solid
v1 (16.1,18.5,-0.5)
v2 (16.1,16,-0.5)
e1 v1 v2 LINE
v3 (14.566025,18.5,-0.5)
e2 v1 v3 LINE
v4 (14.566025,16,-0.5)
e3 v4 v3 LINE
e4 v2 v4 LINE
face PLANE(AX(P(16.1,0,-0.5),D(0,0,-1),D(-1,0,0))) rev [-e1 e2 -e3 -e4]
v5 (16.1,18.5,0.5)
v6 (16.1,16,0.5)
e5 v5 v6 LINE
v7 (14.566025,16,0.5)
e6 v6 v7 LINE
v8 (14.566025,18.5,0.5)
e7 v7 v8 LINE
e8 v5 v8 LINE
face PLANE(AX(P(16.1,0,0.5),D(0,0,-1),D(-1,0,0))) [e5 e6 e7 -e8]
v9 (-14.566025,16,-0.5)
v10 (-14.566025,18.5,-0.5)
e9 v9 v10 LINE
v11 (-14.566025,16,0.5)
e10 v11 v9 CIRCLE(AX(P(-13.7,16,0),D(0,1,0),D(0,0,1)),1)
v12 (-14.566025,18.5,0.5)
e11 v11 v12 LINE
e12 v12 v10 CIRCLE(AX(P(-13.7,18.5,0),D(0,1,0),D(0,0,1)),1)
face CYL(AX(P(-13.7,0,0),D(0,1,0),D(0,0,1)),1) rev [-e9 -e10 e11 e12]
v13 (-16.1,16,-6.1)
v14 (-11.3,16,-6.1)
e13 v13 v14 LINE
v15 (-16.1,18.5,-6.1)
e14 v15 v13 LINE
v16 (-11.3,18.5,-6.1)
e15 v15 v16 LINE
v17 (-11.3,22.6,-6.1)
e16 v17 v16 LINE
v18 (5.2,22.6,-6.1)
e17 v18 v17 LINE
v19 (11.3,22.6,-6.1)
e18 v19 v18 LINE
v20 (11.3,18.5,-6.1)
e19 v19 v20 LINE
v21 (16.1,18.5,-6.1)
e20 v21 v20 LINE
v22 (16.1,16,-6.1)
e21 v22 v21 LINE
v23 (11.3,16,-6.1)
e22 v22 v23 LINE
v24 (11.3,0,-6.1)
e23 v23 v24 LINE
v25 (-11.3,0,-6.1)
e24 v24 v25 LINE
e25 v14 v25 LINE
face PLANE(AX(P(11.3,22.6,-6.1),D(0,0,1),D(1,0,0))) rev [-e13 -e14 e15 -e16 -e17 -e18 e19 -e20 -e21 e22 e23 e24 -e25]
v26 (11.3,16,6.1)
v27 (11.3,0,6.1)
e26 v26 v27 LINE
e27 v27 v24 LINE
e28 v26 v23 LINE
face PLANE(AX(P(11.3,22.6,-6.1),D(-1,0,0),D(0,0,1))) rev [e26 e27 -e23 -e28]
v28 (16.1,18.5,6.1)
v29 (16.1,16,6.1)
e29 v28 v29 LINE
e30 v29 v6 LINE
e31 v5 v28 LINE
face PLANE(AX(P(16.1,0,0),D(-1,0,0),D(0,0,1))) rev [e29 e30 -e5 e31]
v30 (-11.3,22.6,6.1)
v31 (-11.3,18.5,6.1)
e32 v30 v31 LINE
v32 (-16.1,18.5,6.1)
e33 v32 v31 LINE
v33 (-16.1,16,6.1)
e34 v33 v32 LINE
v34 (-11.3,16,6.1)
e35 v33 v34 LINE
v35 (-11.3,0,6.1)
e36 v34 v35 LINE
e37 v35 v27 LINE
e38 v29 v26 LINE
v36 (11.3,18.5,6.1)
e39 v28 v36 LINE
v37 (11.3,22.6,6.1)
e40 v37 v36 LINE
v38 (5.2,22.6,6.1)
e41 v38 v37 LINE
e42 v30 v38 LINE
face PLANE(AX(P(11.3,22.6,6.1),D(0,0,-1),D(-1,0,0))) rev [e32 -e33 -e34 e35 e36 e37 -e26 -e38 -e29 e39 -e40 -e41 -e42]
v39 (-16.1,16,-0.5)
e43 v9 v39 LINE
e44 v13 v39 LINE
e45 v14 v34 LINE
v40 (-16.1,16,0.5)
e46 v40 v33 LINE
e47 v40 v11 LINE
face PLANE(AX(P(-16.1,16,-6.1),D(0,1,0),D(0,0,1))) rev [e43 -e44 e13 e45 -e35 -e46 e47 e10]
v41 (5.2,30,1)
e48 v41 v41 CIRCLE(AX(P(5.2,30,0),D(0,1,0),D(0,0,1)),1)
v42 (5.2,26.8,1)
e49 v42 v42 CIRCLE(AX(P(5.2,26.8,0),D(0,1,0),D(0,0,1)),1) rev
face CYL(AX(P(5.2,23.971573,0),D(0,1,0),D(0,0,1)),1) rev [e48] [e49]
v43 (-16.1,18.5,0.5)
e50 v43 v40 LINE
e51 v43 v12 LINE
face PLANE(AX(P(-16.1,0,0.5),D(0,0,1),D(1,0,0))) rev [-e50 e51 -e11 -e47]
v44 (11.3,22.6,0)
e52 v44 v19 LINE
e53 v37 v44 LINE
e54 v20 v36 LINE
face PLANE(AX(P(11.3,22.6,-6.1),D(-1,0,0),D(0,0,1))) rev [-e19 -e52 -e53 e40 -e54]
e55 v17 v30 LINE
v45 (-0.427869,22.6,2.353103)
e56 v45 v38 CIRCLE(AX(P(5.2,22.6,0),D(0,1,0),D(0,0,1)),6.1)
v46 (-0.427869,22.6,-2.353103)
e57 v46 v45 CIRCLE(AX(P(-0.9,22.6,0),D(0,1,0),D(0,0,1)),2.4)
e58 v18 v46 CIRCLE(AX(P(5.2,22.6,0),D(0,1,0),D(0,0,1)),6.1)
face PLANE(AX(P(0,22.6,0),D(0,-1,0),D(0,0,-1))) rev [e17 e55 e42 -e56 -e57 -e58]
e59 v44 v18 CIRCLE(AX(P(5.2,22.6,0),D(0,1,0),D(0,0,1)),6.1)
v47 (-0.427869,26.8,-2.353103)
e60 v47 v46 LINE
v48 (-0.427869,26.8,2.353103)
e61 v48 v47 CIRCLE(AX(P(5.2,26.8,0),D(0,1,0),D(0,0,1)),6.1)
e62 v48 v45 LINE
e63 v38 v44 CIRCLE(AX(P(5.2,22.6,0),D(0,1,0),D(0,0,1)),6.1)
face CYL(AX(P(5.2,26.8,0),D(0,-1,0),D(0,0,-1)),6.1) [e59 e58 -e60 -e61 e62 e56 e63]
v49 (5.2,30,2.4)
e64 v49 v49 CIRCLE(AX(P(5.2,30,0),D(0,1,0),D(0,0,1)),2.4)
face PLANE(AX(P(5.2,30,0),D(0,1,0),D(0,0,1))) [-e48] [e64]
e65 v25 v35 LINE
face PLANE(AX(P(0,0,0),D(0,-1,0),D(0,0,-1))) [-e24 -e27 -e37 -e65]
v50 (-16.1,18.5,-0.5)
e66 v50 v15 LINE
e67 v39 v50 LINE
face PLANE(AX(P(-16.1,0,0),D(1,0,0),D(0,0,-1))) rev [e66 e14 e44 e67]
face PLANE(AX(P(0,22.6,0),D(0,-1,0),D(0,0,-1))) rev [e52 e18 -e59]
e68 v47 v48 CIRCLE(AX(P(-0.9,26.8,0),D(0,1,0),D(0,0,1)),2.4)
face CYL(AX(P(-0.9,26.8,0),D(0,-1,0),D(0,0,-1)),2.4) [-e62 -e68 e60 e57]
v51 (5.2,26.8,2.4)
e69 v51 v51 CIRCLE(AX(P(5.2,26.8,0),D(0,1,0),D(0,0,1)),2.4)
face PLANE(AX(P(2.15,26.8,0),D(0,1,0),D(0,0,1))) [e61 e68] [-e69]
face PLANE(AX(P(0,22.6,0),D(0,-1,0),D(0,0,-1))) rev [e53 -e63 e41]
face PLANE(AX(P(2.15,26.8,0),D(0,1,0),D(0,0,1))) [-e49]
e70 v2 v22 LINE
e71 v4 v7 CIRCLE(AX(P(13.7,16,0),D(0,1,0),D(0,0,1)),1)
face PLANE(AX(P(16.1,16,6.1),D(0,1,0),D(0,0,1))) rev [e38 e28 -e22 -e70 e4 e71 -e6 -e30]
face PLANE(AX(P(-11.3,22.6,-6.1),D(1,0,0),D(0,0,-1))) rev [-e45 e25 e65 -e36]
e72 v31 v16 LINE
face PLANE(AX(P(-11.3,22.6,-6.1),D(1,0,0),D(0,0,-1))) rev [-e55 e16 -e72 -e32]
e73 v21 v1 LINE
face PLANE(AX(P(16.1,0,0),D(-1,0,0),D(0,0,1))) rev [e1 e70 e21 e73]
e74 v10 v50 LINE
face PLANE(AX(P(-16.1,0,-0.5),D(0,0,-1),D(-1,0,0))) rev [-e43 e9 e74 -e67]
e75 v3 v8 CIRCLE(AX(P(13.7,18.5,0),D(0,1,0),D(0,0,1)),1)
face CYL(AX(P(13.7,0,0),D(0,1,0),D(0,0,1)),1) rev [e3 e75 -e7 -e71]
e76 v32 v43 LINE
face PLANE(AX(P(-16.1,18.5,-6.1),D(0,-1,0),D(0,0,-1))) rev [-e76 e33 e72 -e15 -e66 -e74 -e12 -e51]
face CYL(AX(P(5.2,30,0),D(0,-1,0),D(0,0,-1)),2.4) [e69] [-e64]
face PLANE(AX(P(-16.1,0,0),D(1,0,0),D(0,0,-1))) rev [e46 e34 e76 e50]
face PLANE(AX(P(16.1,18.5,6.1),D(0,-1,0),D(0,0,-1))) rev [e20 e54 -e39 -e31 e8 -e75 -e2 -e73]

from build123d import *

# Parameters (mm, degrees)
SKETCH1_W           = 22.6
SKETCH1_H           = 12.2
BOSS_EXTRUDE1_DEPTH = 22.6
SKETCH4_W           = 12.2
SKETCH4_H           = 2.5
BOSS_EXTRUDE2_DEPTH = 4.8
SKETCH5_W           = 12.2
SKETCH5_H           = 2.5
BOSS_EXTRUDE3_DEPTH = 4.8
BOSS_EXTRUDE4_DEPTH = 4.2
SKETCH9_R           = 2.4
BOSS_EXTRUDE5_DEPTH = 3.2
SKETCH10_R          = 1
CUT_EXTRUDE1_DEPTH  = 3.2
CUT_EXTRUDE2_DEPTH  = 26.271921177
CUT_EXTRUDE3_DEPTH  = 26.271921177


with BuildPart() as part:
    # Sketch1 → Boss-Extrude1 (new body)
    with BuildSketch(Plane(origin=(0, 0, 0), x_dir=(1, 0, 0), z_dir=(0, 1, 0))):
        Rectangle(SKETCH1_W, SKETCH1_H)
    extrude(amount=BOSS_EXTRUDE1_DEPTH)

    # Sketch4 → Boss-Extrude2 (add)
    with BuildSketch(Plane.ZY.offset(11.3)):
        with Locations((0, 17.25)):
            Rectangle(SKETCH4_W, SKETCH4_H)
    extrude(amount=BOSS_EXTRUDE2_DEPTH)

    # Sketch5 → Boss-Extrude3 (add)
    with BuildSketch(Plane(origin=(11.3, 0, 0), x_dir=(0, 0, -1), z_dir=(1, 0, 0))):
        with Locations((0, 17.25)):
            Rectangle(SKETCH5_W, SKETCH5_H)
    extrude(amount=BOSS_EXTRUDE3_DEPTH)

    # Sketch8 → Boss-Extrude4 (add)
    with BuildSketch(Plane(origin=(0, 22.6, 0), x_dir=(1, 0, 0), z_dir=(0, 1, 0))):
        with BuildLine():
            ThreePointArc((-0.427868852, -2.353102671), (11.3, 0), (-0.427868852, 2.353102671))
            ThreePointArc((-0.427868852, 2.353102671), (-3.3, 0), (-0.427868852, -2.353102671))
        make_face()
    extrude(amount=BOSS_EXTRUDE4_DEPTH)

    # Sketch9 → Boss-Extrude5 (add)
    with BuildSketch(Plane(origin=(0, 26.8, 0), x_dir=(1, 0, 0), z_dir=(0, 1, 0))):
        with Locations(Location((5.2, 0, 0), (0, 0, 270))):
            Circle(SKETCH9_R)
    extrude(amount=BOSS_EXTRUDE5_DEPTH)

    # Sketch10 → Cut-Extrude1 (cut)
    with BuildSketch(Plane(origin=(0, 30, 0), x_dir=(1, 0, 0), z_dir=(0, 1, 0))):
        with Locations(Location((5.2, 0, 0), (0, 0, 270))):
            Circle(SKETCH10_R)
    extrude(amount=-CUT_EXTRUDE1_DEPTH, mode=Mode.SUBTRACT)

    # Sketch12 → Cut-Extrude2 (cut, through all)
    with BuildSketch(Plane(origin=(0, 18.5, 0), x_dir=(1, 0, 0), z_dir=(0, 1, 0))):
        with BuildLine():
            Line((16.1, 0.5), (16.1, -0.5))
            Line((16.1, -0.5), (14.566025404, -0.5))
            ThreePointArc((14.566025404, -0.5), (12.7, 0), (14.566025404, 0.5))
            Line((14.566025404, 0.5), (16.1, 0.5))
        make_face()
    extrude(amount=-CUT_EXTRUDE2_DEPTH, mode=Mode.SUBTRACT)

    # Sketch13 → Cut-Extrude3 (cut, through all)
    with BuildSketch(Plane(origin=(0, 18.5, 0), x_dir=(1, 0, 0), z_dir=(0, 1, 0))):
        with BuildLine():
            Line((-16.1, 0.5), (-16.1, -0.5))
            Line((-16.1, -0.5), (-14.566025404, -0.5))
            ThreePointArc((-14.566025404, -0.5), (-12.7, 0), (-14.566025404, 0.5))
            Line((-14.566025404, 0.5), (-16.1, 0.5))
        make_face()
    extrude(amount=-CUT_EXTRUDE3_DEPTH, mode=Mode.SUBTRACT)


solid = part.part
